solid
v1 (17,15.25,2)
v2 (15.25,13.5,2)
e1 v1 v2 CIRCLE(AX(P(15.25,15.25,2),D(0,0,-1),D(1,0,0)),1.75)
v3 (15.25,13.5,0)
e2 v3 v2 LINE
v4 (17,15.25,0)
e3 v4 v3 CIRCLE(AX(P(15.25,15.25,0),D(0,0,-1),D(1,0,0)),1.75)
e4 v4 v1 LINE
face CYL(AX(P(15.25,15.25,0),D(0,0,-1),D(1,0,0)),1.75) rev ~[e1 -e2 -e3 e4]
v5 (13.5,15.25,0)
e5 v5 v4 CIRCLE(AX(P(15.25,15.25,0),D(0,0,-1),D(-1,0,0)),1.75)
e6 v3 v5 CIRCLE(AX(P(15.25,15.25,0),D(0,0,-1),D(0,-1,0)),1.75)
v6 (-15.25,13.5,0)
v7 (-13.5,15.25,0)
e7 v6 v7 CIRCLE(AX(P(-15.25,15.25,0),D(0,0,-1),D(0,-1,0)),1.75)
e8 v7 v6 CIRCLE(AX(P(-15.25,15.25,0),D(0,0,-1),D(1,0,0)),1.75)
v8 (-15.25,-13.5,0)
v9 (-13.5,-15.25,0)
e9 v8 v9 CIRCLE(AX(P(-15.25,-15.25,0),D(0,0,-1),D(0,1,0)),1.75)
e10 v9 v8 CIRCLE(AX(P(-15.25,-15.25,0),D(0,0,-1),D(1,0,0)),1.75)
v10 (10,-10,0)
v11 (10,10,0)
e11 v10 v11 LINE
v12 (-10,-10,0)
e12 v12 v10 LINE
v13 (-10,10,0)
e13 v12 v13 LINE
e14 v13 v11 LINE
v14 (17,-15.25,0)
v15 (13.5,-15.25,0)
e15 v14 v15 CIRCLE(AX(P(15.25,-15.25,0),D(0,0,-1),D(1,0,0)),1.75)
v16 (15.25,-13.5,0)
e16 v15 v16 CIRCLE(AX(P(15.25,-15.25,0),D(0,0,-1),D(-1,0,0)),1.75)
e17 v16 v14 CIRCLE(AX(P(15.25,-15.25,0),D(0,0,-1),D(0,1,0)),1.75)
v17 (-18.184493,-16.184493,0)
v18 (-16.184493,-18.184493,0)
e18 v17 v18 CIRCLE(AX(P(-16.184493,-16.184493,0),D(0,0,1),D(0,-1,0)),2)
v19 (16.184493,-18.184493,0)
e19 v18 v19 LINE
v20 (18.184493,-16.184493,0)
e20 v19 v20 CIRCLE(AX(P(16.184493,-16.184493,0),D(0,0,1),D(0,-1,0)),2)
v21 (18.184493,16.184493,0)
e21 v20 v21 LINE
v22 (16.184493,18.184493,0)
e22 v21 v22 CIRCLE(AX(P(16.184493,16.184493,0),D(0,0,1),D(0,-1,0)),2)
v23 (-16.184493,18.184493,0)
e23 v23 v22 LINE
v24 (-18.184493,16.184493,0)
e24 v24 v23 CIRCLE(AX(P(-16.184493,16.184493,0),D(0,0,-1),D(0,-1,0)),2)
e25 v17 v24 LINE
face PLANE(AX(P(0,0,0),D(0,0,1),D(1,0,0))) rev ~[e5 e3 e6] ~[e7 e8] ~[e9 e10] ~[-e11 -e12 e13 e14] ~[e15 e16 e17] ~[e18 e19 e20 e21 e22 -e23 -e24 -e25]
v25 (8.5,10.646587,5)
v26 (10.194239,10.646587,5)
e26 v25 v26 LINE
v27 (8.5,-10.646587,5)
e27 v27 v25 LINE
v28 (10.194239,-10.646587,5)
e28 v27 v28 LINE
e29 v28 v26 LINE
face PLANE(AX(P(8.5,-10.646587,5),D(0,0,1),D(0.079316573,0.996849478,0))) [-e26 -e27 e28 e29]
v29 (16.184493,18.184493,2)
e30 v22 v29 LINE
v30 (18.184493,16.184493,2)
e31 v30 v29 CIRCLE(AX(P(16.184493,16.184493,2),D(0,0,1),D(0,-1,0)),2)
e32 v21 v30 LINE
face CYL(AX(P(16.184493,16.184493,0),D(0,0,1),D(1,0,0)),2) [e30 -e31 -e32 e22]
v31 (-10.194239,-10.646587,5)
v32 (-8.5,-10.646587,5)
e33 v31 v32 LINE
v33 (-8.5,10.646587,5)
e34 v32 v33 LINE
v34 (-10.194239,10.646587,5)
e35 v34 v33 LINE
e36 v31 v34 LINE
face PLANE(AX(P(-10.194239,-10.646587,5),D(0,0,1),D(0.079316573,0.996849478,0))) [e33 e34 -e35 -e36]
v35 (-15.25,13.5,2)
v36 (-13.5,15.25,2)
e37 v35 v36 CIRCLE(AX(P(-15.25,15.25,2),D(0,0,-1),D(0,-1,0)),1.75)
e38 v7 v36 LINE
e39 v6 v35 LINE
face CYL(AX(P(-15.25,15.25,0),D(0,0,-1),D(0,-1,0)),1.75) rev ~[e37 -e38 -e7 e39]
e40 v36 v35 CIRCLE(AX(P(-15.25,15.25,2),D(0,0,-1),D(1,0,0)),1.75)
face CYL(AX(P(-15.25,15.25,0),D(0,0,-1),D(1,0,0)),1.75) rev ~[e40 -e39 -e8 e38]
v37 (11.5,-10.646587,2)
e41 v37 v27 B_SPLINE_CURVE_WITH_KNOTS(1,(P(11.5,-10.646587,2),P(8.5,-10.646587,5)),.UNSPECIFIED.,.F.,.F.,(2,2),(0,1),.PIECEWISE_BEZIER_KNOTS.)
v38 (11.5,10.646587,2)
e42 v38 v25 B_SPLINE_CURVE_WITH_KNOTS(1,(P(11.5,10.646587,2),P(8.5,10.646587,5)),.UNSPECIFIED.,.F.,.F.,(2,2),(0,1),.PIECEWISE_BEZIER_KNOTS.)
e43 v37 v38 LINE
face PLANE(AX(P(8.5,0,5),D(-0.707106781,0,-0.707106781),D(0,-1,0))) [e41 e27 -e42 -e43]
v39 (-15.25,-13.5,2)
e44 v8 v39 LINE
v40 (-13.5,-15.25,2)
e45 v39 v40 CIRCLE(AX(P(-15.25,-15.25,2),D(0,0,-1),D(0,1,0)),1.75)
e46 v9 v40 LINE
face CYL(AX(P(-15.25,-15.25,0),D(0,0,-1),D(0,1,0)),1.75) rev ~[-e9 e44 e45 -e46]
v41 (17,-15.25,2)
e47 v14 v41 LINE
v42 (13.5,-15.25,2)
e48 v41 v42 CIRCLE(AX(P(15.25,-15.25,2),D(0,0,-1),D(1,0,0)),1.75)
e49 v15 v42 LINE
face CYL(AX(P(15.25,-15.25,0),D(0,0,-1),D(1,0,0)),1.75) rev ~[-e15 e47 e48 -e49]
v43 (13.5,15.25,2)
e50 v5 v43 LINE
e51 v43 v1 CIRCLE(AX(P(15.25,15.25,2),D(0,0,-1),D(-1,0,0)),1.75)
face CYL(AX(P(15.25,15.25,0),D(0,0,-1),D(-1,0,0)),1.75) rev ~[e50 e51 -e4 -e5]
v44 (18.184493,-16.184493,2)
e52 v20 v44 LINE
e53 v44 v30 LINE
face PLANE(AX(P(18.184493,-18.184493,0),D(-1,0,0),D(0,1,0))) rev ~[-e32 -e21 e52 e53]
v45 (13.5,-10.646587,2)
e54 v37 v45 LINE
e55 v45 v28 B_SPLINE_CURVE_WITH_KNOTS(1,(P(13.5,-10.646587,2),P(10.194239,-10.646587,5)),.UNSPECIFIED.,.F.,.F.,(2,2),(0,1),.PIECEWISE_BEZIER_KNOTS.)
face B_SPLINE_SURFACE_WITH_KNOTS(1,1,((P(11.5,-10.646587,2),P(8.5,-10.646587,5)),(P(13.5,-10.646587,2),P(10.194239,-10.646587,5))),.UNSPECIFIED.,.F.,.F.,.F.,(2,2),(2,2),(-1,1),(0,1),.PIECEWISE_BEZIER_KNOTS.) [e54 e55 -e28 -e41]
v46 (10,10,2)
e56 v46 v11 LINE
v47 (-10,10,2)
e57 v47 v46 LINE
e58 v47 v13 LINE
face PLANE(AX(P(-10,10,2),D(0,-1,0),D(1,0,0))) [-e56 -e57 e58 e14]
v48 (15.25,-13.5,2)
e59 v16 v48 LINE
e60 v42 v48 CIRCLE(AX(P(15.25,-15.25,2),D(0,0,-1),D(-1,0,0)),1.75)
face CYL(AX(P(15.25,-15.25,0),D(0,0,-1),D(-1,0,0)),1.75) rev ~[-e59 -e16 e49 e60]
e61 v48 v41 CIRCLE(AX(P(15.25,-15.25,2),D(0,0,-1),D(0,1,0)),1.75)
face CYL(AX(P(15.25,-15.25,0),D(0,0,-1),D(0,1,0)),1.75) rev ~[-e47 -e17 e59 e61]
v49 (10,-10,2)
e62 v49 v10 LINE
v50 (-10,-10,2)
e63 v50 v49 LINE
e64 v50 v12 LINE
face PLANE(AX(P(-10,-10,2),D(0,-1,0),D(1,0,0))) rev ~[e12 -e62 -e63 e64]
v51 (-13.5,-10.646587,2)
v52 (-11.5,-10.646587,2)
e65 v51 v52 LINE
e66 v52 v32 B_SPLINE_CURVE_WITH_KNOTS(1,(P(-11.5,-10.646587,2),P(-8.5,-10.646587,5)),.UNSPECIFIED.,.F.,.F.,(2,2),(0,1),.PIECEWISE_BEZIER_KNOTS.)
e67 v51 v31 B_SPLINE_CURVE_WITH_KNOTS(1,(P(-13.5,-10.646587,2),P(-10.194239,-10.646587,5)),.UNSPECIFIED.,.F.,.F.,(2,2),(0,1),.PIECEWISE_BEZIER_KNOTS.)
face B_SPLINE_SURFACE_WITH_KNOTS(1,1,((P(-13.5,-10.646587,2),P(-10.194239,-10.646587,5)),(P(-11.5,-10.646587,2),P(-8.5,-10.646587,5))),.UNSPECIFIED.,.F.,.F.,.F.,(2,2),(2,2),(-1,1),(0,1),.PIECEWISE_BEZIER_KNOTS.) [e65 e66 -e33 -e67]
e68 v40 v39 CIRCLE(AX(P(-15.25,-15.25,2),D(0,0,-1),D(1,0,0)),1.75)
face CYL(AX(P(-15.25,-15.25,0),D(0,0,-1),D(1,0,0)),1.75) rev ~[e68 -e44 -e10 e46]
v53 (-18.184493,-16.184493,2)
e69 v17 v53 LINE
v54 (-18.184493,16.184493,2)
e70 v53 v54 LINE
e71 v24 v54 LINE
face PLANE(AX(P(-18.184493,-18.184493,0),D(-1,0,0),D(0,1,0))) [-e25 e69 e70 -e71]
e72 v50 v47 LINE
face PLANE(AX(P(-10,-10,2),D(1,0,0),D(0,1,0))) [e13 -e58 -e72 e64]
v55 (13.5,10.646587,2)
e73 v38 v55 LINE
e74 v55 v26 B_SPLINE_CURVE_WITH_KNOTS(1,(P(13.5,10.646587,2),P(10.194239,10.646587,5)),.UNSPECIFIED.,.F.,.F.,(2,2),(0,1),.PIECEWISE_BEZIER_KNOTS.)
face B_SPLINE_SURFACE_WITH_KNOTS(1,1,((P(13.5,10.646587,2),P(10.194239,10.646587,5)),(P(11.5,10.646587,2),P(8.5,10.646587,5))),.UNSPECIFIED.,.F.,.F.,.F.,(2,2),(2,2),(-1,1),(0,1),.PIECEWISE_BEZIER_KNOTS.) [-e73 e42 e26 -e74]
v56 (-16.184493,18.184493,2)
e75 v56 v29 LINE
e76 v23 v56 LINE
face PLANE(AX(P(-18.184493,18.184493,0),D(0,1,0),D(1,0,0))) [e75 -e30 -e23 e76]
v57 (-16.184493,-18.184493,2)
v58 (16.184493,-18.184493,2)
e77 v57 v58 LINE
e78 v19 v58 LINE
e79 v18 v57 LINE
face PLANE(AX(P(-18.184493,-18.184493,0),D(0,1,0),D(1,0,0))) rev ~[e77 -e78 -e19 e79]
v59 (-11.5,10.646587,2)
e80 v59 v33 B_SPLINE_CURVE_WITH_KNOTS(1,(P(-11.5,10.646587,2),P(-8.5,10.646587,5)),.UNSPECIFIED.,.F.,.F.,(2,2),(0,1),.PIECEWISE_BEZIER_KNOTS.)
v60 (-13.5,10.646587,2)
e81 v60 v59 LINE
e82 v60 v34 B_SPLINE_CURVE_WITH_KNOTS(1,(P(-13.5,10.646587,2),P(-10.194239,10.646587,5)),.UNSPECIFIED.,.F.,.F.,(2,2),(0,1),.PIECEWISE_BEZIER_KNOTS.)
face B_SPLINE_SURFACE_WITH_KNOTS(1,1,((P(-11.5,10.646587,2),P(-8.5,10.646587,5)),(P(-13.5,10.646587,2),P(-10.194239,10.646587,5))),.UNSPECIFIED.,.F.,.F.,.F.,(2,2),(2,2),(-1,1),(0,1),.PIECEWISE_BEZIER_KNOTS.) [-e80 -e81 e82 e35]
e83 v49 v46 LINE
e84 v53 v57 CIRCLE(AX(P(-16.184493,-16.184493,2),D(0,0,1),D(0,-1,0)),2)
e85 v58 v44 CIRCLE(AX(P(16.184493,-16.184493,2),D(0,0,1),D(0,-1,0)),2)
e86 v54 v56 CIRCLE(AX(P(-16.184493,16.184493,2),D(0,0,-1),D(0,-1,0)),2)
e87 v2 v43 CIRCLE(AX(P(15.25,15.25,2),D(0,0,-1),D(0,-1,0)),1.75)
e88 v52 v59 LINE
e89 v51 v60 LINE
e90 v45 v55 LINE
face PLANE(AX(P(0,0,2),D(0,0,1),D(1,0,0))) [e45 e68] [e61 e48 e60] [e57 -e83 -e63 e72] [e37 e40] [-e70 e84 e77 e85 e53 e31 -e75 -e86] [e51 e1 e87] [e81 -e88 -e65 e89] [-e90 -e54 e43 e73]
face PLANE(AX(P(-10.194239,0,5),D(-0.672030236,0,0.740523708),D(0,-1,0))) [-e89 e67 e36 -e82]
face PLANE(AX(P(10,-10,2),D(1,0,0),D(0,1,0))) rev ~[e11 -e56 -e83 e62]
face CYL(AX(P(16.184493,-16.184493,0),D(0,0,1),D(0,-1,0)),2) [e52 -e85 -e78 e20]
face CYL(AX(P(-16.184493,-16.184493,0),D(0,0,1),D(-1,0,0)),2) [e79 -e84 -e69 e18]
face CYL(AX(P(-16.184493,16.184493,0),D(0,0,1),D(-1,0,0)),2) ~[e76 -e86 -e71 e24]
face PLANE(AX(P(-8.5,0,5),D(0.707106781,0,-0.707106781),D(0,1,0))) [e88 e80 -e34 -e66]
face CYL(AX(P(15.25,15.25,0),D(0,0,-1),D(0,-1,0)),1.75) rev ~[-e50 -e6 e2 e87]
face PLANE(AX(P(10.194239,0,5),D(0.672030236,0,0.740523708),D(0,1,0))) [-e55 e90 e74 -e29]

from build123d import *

# Parameters (mm, degrees)
F0_W     = 36.3689862838
F0_H     = 36.3689862838
F1_DEPTH = 2
F2_R     = 2
F3_W     = 20
F3_H     = 20
F4_DEPTH = 25
F5_W     = 2
F5_H     = 21.2931740639
F7_W     = 1.6942393252
F7_H     = 21.2931740639


with BuildPart() as f1:
    # F0 (on Top) → F1 (new body)
    with BuildSketch(Plane.XY):
        Rectangle(F0_W, F0_H)
        with BuildLine():
            ThreePointArc((-15.25, 13.5), (-16.4874368671, 16.4874368671), (-13.5, 15.25))
            Line((-13.5, 15.25), (13.5, 15.25))
            ThreePointArc((13.5, 15.25), (15.25, 17), (17, 15.25))
            ThreePointArc((17, 15.25), (16.4874368671, 14.0125631329), (15.25, 13.5))
            Line((15.25, 13.5), (15.25, -13.5))
            ThreePointArc((15.25, -13.5), (16.4874368671, -14.0125631329), (17, -15.25))
            ThreePointArc((17, -15.25), (15.25, -17), (13.5, -15.25))
            Line((13.5, -15.25), (-13.5, -15.25))
            ThreePointArc((-13.5, -15.25), (-16.4874368671, -16.4874368671), (-15.25, -13.5))
            Line((-15.25, -13.5), (-15.25, 13.5))
        make_face(mode=Mode.SUBTRACT)
        with BuildLine():
            Line((13.5, 15.25), (-13.5, 15.25))
            ThreePointArc((-13.5, 15.25), (-14.0125631329, 14.0125631329), (-15.25, 13.5))
            Line((-15.25, 13.5), (-15.25, -13.5))
            ThreePointArc((-15.25, -13.5), (-14.0125631329, -14.0125631329), (-13.5, -15.25))
            Line((-13.5, -15.25), (13.5, -15.25))
            ThreePointArc((13.5, -15.25), (14.0125631329, -14.0125631329), (15.25, -13.5))
            Line((15.25, -13.5), (15.25, 13.5))
            ThreePointArc((15.25, 13.5), (14.0125631329, 14.0125631329), (13.5, 15.25))
        make_face()
    extrude(amount=F1_DEPTH)

    # F2
    f2_edges = [f1.edges().sort_by_distance(p)[0] for p in [
        (-18.184493, 18.184493, 1),
        (-18.184493, -18.184493, 1),
        (18.184493, 18.184493, 1),
        (18.184493, -18.184493, 1),
    ]]
    fillet(f2_edges, radius=F2_R)

    # F3 (on face) → F4 (cut)
    with BuildSketch(Plane.XY.offset(2)):
        Rectangle(F3_W, F3_H)
    extrude(amount=-F4_DEPTH, mode=Mode.SUBTRACT)

    # F5 (on face) → F8 section 0
    with BuildSketch(Plane.XY.offset(2)):
        with Locations((-12.5, 0)):
            Rectangle(F5_W, F5_H)
    # F7 (on offset) → F8 section 1
    with BuildSketch(Plane.XY.offset(5)):
        with Locations((-9.3471196626, 0)):
            Rectangle(F7_W, F7_H)
    loft()

    # F5 (on face) → F9 section 0
    with BuildSketch(Plane.XY.offset(2)):
        with Locations((12.5, 0)):
            Rectangle(F5_W, F5_H)
    # F7 (on offset) → F9 section 1
    with BuildSketch(Plane.XY.offset(5)):
        with Locations((9.3471196626, 0)):
            Rectangle(F7_W, F7_H)
    loft()


solid = f1.part
